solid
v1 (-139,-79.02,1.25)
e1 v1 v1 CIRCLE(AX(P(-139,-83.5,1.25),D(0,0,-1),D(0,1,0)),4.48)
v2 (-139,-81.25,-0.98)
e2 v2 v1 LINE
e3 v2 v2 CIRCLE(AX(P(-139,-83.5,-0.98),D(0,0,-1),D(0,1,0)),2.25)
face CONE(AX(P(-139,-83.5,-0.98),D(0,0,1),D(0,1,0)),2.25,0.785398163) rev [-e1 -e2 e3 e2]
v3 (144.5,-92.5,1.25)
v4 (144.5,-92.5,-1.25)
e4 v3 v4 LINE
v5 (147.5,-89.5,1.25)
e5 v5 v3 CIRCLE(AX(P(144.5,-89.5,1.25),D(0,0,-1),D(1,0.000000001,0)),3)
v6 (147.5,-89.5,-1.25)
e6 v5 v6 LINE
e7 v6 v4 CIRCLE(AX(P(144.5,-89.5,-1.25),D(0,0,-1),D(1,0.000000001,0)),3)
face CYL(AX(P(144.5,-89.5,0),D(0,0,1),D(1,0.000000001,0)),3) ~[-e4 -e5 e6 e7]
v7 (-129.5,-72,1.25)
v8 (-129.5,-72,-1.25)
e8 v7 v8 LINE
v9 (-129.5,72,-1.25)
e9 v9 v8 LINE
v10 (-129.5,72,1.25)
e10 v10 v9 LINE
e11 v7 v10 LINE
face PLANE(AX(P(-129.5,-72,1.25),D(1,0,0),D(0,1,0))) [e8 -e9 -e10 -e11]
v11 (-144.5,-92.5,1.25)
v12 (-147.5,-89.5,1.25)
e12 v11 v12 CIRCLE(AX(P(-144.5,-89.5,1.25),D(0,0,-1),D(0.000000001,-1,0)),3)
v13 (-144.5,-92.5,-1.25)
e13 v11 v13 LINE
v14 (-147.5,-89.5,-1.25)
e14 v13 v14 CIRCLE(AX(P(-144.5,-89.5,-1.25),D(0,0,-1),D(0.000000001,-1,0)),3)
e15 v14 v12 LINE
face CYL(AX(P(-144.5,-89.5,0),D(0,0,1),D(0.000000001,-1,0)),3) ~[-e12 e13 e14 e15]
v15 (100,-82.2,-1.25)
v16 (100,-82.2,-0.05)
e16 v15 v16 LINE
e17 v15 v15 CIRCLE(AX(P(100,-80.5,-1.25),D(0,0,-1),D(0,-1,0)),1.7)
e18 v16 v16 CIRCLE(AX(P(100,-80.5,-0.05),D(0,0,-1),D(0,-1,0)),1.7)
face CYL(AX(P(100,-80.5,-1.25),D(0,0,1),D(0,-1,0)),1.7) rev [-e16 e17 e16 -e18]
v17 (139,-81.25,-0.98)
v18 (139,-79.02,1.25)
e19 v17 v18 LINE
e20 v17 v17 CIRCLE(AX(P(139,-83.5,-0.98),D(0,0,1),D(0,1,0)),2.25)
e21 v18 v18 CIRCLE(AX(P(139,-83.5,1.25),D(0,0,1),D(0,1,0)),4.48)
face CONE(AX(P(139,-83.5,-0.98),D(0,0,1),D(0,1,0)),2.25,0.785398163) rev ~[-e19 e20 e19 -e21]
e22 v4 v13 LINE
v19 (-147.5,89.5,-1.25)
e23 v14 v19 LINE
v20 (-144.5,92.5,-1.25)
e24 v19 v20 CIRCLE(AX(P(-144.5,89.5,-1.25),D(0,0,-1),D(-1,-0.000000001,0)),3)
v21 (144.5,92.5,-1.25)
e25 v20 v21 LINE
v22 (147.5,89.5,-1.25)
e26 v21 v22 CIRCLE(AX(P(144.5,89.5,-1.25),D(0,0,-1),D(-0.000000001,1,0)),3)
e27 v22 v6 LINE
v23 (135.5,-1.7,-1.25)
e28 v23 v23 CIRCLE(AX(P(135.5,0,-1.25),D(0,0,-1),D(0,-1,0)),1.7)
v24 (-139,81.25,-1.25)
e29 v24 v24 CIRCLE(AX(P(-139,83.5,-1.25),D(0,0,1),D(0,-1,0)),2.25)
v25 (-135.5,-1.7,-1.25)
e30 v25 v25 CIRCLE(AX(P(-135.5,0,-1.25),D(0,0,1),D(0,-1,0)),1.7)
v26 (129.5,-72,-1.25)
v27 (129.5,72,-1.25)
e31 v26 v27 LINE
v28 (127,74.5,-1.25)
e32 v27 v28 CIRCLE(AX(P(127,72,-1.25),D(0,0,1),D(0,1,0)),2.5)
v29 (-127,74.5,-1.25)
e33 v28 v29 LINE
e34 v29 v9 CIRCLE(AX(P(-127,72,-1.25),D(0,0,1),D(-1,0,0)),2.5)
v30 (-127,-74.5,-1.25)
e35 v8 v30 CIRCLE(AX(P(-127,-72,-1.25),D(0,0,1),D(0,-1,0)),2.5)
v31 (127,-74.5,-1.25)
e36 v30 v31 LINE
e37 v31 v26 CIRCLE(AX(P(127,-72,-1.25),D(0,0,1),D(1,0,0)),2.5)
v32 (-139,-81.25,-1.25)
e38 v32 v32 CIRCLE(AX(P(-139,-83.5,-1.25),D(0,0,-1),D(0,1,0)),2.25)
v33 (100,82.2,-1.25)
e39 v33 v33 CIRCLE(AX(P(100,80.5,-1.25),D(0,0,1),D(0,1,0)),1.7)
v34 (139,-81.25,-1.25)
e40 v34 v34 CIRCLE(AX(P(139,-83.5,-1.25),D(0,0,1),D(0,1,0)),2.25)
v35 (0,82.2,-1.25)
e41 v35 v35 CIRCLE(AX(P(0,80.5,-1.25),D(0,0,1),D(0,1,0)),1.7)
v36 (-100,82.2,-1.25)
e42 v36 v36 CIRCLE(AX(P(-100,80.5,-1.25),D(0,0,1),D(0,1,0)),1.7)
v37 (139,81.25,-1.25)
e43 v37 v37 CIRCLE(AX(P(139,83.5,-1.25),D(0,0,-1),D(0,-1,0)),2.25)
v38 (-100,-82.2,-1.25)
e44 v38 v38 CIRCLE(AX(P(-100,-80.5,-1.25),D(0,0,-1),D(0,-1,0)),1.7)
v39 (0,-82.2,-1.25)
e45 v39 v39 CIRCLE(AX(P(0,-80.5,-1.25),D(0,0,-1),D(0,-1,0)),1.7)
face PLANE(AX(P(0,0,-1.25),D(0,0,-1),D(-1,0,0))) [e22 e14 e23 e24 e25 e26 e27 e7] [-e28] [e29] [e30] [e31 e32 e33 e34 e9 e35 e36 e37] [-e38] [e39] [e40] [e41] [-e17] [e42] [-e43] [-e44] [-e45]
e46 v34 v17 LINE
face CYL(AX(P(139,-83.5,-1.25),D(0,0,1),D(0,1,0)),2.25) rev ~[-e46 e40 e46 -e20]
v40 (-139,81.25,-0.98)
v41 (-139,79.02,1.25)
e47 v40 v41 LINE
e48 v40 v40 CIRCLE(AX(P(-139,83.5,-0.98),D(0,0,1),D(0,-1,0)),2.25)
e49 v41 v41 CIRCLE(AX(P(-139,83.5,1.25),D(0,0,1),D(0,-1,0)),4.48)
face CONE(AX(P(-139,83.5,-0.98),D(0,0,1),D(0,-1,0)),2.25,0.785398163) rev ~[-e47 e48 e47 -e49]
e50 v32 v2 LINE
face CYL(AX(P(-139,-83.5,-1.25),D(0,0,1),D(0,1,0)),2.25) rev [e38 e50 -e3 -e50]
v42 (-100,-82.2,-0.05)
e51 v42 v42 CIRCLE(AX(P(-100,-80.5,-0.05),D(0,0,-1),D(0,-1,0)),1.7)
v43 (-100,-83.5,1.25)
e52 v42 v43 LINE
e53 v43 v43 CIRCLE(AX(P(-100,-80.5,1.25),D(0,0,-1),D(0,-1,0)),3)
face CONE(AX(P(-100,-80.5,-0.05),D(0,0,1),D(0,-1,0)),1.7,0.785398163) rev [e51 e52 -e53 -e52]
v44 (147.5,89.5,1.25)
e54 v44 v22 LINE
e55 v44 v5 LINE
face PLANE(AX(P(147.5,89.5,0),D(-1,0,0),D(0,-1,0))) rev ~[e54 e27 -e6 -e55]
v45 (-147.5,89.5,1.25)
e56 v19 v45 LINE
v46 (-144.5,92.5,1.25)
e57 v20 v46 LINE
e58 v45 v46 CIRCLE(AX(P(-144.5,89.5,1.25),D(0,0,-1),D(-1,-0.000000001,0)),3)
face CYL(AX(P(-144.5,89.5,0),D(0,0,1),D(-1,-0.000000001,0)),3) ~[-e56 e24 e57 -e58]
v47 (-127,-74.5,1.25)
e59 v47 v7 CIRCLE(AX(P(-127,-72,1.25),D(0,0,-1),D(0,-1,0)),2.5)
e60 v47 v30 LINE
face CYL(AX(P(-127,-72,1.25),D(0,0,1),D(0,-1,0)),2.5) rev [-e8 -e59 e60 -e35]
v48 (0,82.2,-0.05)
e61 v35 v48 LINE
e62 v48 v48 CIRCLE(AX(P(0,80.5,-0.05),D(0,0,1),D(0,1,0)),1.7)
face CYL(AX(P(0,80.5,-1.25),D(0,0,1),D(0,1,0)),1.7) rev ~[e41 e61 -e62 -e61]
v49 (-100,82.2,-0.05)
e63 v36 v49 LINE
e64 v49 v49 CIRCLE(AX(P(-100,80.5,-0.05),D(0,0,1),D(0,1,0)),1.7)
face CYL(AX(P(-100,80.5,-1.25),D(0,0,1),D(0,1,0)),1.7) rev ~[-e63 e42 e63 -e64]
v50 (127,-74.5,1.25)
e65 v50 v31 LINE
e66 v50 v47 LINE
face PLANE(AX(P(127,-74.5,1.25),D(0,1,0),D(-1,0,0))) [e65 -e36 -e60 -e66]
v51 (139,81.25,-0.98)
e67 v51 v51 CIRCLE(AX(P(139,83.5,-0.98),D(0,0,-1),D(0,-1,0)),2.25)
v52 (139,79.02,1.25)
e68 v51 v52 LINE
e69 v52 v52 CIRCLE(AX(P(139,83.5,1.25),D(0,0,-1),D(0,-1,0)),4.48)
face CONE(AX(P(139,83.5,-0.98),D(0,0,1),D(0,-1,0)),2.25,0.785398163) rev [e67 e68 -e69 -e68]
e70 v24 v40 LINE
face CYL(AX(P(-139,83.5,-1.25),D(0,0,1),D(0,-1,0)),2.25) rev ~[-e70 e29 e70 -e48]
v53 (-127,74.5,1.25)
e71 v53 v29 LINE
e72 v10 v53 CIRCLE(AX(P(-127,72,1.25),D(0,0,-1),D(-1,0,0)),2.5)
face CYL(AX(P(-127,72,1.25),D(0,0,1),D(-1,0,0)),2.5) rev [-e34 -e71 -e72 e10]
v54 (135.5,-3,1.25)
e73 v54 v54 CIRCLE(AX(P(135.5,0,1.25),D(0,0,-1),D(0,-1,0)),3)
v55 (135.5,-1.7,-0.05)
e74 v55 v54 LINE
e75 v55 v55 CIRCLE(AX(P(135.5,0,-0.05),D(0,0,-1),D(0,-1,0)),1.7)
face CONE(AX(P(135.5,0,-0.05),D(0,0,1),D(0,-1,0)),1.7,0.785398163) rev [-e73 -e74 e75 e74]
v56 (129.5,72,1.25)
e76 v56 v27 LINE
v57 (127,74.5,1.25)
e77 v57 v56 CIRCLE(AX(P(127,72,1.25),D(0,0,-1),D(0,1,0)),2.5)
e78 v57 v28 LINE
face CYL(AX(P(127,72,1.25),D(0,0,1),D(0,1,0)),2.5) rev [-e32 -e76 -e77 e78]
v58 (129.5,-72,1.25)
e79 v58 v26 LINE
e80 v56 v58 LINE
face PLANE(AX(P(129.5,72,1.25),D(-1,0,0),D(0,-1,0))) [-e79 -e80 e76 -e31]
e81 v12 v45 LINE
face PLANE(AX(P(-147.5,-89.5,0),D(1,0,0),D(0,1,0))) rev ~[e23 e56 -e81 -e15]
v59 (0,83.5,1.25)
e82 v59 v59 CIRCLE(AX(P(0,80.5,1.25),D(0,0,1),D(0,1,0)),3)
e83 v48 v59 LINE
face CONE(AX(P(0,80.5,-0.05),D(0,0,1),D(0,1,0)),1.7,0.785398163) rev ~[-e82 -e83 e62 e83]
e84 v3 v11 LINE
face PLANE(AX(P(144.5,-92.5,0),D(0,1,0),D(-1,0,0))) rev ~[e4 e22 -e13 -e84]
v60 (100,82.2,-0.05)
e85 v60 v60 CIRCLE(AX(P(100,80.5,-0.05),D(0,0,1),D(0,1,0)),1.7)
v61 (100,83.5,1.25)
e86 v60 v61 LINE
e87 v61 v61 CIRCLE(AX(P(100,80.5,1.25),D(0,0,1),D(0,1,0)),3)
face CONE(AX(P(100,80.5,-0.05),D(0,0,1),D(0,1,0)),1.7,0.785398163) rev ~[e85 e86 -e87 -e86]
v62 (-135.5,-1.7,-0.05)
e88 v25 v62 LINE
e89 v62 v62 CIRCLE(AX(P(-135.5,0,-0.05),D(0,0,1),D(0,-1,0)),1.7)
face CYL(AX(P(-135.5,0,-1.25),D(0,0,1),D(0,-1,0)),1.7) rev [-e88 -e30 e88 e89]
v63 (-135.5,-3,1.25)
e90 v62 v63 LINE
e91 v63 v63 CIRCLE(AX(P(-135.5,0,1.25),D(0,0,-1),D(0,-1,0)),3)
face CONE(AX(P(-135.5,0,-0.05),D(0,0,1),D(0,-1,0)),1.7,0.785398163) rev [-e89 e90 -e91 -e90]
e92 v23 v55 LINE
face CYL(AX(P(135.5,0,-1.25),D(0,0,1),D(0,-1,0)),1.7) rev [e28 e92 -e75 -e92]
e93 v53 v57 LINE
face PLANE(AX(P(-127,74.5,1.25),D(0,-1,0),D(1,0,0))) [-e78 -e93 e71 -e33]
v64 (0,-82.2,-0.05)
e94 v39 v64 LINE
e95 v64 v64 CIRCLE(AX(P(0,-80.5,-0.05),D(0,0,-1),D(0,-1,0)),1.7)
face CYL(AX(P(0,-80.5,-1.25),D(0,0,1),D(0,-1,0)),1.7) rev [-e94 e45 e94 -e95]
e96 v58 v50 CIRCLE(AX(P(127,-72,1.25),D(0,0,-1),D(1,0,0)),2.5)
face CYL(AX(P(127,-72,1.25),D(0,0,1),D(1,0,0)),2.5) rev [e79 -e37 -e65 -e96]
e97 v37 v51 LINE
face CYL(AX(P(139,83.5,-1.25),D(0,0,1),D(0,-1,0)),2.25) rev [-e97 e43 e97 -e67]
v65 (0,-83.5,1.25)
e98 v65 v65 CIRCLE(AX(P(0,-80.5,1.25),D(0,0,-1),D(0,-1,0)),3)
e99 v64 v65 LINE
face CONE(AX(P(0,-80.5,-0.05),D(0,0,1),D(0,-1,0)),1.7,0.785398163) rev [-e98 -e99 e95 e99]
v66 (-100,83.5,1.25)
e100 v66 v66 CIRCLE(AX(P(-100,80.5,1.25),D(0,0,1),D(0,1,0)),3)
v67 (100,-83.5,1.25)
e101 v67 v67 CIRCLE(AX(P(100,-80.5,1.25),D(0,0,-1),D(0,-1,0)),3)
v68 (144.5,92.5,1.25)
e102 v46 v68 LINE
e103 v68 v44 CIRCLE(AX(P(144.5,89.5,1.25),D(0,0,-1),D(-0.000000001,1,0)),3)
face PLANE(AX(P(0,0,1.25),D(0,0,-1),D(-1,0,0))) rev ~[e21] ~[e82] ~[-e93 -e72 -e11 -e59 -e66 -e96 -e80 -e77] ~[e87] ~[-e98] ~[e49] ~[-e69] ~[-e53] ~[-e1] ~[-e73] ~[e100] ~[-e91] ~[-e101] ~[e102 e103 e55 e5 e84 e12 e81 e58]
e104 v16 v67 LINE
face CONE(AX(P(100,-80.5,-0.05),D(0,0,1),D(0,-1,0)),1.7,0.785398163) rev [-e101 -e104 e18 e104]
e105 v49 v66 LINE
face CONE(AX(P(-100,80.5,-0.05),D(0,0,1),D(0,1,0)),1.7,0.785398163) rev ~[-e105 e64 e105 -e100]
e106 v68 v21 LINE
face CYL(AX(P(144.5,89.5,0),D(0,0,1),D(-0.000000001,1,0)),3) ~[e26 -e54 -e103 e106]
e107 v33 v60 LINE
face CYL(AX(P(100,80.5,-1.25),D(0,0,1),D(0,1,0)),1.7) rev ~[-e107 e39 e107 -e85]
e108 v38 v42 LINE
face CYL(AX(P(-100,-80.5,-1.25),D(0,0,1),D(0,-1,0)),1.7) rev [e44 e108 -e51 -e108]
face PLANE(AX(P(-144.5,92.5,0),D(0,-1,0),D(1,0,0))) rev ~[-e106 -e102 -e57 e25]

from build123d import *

# Parameters (mm, degrees)
EXTRUDE1_DEPTH                   = 1.25
CUT_EXTRUDE4_DEPTH               = 3.5
FURO_COM_FOLGA_DE_M31_AT_2_COUNT = 2
FURO_COM_FOLGA_DE_M31_AT_2_PITCH = 100
FURO_COM_FOLGA_DE_M31_AT_3_COUNT = 2
FURO_COM_FOLGA_DE_M31_AT_3_PITCH = 100
FURO_COM_FOLGA_DE_M31_AT_4_COUNT = 2
FURO_COM_FOLGA_DE_M31_AT_4_PITCH = 157.608692654
FURO_COM_FOLGA_DE_M31_AT_5_COUNT = 2
FURO_COM_FOLGA_DE_M31_AT_5_PITCH = 157.608692654


with BuildPart() as part:
    # Sketch1 → Extrude1 (new body, symmetric)
    with BuildSketch(Plane.XY):
        with BuildLine():
            Line((-144.5, 92.5), (144.5, 92.5))
            ThreePointArc((144.5, 92.5), (146.621320344, 91.621320344), (147.5, 89.5))
            Line((147.5, 89.5), (147.5, -89.5))
            ThreePointArc((147.5, -89.5), (146.621320344, -91.621320344), (144.5, -92.5))
            Line((144.5, -92.5), (-144.5, -92.5))
            ThreePointArc((-144.5, -92.5), (-146.621320344, -91.621320344), (-147.5, -89.5))
            Line((-147.5, -89.5), (-147.5, 89.5))
            ThreePointArc((-147.5, 89.5), (-146.621320344, 91.621320344), (-144.5, 92.5))
        make_face()
    extrude(amount=EXTRUDE1_DEPTH, both=True)

    # Sketch5 → Cut-Extrude4 (cut, through all)
    with BuildSketch(Plane.XY.offset(1.25)):
        with BuildLine():
            Line((-127, 74.5), (127, 74.5))
            ThreePointArc((127, 74.5), (128.767766953, 73.767766953), (129.5, 72))
            Line((129.5, 72), (129.5, -72))
            ThreePointArc((129.5, -72), (128.767766953, -73.767766953), (127, -74.5))
            Line((127, -74.5), (-127, -74.5))
            ThreePointArc((-127, -74.5), (-128.767766953, -73.767766953), (-129.5, -72))
            Line((-129.5, -72), (-129.5, 72))
            ThreePointArc((-129.5, 72), (-128.767766953, 73.767766953), (-127, 74.5))
        make_face()
    extrude(amount=-CUT_EXTRUDE4_DEPTH, mode=Mode.SUBTRACT)

    # Esboço1 → Escareado para SFHCS M41 (revolve, cut)
    with BuildSketch(Plane(origin=(139, 83.5, 1.25), x_dir=(0, -1, 0), z_dir=(1, 0, 0))):
        Polygon((0, 0), (0, 2.5), (2.25, 2.5), (2.25, 2.23), (4.48, 0), align=None)
    escareado_para_sfhcs_m41 = revolve(axis=Axis((139, 83.5, 7.6), (0, 0, -1)), mode=Mode.SUBTRACT)

    # Esboço3 → Furo com folga de M31 (revolve, cut)
    with BuildSketch(Plane(origin=(0, -80.5, 1.25), x_dir=(0, -1, 0), z_dir=(1, 0, 0))):
        Polygon((0, 0), (0, 2.5), (1.7, 2.5), (1.7, 1.3), (3, 0), align=None)
    furo_com_folga_de_m31 = revolve(axis=Axis((0, -80.5, 7.6), (0, 0, -1)), mode=Mode.SUBTRACT)

    # Furo com folga de M31 at 2: Furo com folga de M31 ×2
    with Locations(*[(-i * FURO_COM_FOLGA_DE_M31_AT_2_PITCH, 0, 0) for i in range(1, FURO_COM_FOLGA_DE_M31_AT_2_COUNT)]):
        add(furo_com_folga_de_m31, mode=Mode.SUBTRACT)

    # Furo com folga de M31 at 3: Furo com folga de M31 ×2
    with Locations(*[(i * FURO_COM_FOLGA_DE_M31_AT_3_PITCH, 0, 0) for i in range(1, FURO_COM_FOLGA_DE_M31_AT_3_COUNT)]):
        add(furo_com_folga_de_m31, mode=Mode.SUBTRACT)

    # Furo com folga de M31 at 4: Furo com folga de M31 ×2
    with Locations(*[Vector(-0.859724154, 0.51075863, 0) * (i * FURO_COM_FOLGA_DE_M31_AT_4_PITCH) for i in range(1, FURO_COM_FOLGA_DE_M31_AT_4_COUNT)]):
        add(furo_com_folga_de_m31, mode=Mode.SUBTRACT)

    # Furo com folga de M31 at 5: Furo com folga de M31 ×2
    with Locations(*[Vector(0.859724154, 0.51075863, 0) * (i * FURO_COM_FOLGA_DE_M31_AT_5_PITCH) for i in range(1, FURO_COM_FOLGA_DE_M31_AT_5_COUNT)]):
        add(furo_com_folga_de_m31, mode=Mode.SUBTRACT)

    # Espelhar1: Furo com folga de M31 across plane
    add(furo_com_folga_de_m31.mirror(Plane.ZX), mode=Mode.SUBTRACT)

    # Espelhar1 copy 1 sketch → Espelhar1 copy 1 (revolve, cut)
    with BuildSketch(Plane(origin=(-100, 80.5, 1.25), x_dir=(0, 1, 0), z_dir=(1, 0, 0))):
        Polygon((0, 0), (0, -2.5), (1.7, -2.5), (1.7, -1.3), (3, 0), align=None)
    revolve(axis=Axis((-100, 80.5, 7.6), (0, 0, 1)), mode=Mode.SUBTRACT)

    # Espelhar1 copy 2 sketch → Espelhar1 copy 2 (revolve, cut)
    with BuildSketch(Plane(origin=(100, 80.5, 1.25), x_dir=(0, 1, 0), z_dir=(1, 0, 0))):
        Polygon((0, 0), (0, -2.5), (1.7, -2.5), (1.7, -1.3), (3, 0), align=None)
    revolve(axis=Axis((100, 80.5, 7.6), (0, 0, 1)), mode=Mode.SUBTRACT)

    # Espelhar1 copy 3 sketch → Espelhar1 copy 3 (revolve, cut)
    with BuildSketch(Plane(origin=(-135.5, 0, 1.25), x_dir=(0, 1, 0), z_dir=(1, 0, 0))):
        Polygon((0, 0), (0, -2.5), (1.7, -2.5), (1.7, -1.3), (3, 0), align=None)
    revolve(axis=Axis((-135.5, 0, 7.6), (0, 0, 1)), mode=Mode.SUBTRACT)

    # Espelhar1 copy 4 sketch → Espelhar1 copy 4 (revolve, cut)
    with BuildSketch(Plane(origin=(135.5, 0, 1.25), x_dir=(0, 1, 0), z_dir=(1, 0, 0))):
        Polygon((0, 0), (0, -2.5), (1.7, -2.5), (1.7, -1.3), (3, 0), align=None)
    revolve(axis=Axis((135.5, 0, 7.6), (0, 0, 1)), mode=Mode.SUBTRACT)

    # Espelhar2: Escareado para SFHCS M41 across plane
    add(escareado_para_sfhcs_m41.mirror(Plane(origin=(0, 0, 0), x_dir=(0, 0, 1), z_dir=(1, 0, 0))), mode=Mode.SUBTRACT)

    # Espelhar3: Escareado para SFHCS M41 across plane
    add(escareado_para_sfhcs_m41.mirror(Plane.ZX), mode=Mode.SUBTRACT)

    # Espelhar3 copy 1 sketch → Espelhar3 copy 1 (revolve, cut)
    with BuildSketch(Plane(origin=(-139, -83.5, 1.25), x_dir=(0, 1, 0), z_dir=(-1, 0, 0))):
        Polygon((0, 0), (0, 2.5), (2.25, 2.5), (2.25, 2.23), (4.48, 0), align=None)
    revolve(axis=Axis((-139, -83.5, 7.6), (0, 0, -1)), mode=Mode.SUBTRACT)


solid = part.part
